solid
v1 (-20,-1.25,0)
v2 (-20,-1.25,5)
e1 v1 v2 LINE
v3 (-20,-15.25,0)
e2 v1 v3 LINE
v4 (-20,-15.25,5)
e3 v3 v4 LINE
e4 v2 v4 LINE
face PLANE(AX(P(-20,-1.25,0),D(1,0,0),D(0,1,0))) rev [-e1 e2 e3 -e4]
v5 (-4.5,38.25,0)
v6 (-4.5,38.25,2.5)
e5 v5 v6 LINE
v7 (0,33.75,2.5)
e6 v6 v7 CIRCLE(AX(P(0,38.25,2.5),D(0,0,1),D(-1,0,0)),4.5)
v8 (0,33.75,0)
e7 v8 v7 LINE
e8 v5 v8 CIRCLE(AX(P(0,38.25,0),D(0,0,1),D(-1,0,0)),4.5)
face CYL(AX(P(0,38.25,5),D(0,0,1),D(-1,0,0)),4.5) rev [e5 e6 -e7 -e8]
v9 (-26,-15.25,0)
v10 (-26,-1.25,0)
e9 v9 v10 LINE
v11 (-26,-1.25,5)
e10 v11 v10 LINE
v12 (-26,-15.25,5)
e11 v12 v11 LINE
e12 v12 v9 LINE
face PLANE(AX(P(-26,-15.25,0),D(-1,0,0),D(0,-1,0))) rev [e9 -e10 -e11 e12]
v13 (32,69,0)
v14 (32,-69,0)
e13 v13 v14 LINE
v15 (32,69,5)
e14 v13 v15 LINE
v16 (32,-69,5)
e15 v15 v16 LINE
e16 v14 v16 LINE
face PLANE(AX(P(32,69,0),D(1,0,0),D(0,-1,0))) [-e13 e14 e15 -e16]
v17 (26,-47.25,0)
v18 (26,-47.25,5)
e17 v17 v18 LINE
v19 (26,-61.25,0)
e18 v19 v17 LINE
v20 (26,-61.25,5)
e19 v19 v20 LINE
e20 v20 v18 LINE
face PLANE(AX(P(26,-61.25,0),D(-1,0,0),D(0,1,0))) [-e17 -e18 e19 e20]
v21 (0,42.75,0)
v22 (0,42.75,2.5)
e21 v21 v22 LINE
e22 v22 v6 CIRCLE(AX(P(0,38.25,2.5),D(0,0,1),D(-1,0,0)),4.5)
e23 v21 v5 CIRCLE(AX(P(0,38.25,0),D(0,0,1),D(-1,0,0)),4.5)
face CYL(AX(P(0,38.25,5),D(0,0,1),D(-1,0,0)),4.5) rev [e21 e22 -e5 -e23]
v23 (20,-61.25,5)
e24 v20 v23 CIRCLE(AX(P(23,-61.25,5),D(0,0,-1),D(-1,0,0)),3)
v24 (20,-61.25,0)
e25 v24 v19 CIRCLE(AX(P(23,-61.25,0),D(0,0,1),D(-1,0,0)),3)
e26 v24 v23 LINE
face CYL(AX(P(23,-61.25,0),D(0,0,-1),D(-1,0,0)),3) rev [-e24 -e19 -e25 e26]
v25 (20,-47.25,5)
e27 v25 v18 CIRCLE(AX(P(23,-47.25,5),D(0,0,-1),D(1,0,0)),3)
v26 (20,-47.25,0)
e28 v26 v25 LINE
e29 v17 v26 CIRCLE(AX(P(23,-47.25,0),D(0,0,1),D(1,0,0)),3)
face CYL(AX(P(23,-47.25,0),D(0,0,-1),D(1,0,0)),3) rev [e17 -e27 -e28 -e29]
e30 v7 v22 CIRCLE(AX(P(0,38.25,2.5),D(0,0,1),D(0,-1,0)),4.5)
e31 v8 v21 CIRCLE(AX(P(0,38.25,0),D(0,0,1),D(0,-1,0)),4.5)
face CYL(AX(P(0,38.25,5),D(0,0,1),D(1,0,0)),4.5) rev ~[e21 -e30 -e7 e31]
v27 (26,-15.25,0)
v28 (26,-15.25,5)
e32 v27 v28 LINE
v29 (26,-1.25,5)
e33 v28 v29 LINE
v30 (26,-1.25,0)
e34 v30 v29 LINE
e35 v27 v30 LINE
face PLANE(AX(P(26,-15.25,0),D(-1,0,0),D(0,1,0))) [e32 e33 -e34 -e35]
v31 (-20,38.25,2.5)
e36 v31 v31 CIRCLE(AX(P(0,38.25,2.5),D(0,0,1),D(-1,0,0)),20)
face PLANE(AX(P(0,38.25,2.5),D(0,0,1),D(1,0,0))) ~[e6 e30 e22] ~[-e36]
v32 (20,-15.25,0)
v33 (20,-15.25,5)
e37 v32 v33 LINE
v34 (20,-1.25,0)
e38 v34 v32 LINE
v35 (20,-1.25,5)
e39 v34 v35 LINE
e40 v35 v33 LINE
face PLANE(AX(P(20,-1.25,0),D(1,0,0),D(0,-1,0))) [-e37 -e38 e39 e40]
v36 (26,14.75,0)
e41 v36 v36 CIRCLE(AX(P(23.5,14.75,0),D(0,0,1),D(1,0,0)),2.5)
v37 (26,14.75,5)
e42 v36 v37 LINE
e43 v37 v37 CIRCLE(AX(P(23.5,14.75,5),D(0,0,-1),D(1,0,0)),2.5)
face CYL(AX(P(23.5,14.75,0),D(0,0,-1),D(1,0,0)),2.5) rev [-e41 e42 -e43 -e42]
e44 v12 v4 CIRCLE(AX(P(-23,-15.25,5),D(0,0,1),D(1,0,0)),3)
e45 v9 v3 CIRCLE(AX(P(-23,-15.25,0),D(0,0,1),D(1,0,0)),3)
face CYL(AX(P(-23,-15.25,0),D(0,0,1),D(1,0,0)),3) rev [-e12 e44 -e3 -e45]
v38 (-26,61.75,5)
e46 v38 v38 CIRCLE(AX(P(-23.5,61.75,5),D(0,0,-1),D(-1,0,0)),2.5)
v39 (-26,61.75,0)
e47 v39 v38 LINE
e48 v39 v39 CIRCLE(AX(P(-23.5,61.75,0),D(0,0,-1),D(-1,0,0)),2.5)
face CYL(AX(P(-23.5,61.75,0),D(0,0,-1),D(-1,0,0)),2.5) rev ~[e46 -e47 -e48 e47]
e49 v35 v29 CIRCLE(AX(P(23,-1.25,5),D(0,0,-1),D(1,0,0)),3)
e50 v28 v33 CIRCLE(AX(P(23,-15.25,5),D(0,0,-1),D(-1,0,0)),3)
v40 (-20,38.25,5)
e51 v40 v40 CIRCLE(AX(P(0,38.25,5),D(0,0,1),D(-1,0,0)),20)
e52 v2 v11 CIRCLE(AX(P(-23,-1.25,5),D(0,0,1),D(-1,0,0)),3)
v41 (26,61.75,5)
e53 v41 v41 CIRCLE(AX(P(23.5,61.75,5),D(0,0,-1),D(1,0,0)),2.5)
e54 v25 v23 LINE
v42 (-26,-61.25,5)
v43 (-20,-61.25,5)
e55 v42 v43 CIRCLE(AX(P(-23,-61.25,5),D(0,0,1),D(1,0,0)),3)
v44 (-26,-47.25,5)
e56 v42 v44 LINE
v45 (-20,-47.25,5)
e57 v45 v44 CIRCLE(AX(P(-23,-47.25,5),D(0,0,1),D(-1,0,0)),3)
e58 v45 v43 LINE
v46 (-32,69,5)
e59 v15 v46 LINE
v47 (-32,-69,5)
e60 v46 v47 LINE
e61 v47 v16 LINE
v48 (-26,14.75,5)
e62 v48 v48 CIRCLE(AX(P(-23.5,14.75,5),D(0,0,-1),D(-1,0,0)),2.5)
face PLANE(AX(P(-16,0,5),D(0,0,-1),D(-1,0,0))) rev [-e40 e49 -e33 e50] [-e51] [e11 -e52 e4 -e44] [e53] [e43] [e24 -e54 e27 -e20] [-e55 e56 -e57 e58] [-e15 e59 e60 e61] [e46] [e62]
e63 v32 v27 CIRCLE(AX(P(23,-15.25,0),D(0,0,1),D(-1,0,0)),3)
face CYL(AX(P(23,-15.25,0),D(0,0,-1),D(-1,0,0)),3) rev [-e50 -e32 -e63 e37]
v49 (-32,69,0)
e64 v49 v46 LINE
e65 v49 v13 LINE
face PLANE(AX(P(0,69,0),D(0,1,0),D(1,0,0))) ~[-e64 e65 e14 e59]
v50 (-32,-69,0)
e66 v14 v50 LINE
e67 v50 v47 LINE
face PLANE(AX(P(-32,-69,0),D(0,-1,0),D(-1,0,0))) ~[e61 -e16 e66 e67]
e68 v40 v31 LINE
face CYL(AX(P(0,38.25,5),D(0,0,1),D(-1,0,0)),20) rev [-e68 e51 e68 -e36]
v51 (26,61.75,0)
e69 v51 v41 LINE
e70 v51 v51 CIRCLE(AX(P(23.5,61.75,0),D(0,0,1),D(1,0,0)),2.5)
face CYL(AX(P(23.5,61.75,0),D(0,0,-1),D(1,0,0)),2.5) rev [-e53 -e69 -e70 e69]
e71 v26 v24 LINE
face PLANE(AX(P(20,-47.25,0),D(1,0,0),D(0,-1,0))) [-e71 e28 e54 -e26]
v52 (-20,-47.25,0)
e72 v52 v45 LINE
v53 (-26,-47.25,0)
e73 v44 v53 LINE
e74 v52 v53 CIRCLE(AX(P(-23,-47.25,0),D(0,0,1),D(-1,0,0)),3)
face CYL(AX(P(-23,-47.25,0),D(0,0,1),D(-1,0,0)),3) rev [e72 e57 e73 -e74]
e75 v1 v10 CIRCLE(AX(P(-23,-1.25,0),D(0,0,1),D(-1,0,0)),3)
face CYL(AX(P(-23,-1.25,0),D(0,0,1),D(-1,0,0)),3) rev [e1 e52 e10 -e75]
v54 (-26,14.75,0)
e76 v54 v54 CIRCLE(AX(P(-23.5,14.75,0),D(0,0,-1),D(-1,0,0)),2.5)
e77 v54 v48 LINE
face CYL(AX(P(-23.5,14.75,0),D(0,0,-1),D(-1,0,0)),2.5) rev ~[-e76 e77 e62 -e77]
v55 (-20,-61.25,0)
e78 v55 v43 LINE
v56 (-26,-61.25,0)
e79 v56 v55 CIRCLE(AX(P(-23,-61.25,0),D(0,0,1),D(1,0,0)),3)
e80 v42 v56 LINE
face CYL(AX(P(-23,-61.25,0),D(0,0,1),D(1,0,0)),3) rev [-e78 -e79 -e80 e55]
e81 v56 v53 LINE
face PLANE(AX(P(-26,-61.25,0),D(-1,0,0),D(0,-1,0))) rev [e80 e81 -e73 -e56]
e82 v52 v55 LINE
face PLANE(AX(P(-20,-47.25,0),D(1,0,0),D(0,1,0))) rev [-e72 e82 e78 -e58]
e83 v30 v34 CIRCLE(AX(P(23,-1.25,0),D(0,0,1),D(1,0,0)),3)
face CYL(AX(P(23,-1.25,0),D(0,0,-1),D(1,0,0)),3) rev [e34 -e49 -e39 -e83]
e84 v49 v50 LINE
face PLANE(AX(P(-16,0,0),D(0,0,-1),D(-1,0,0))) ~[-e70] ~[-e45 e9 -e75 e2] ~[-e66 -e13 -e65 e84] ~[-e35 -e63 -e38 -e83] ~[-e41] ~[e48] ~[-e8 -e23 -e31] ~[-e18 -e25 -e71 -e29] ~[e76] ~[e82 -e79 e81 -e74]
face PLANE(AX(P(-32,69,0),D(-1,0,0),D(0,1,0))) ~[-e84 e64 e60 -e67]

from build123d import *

# Parameters (mm, degrees)
PAD_DEPTH            = 5
SKETCH001_R          = 2.5
POCKET_DEPTH         = 288.500559
POCKET001_DEPTH      = 283.500559
POCKET001_DEPTH_BACK = 288.500559
SKETCH003_R          = 20
POCKET002_DEPTH      = 2.5
SKETCH004_R          = 4.5
POCKET003_DEPTH      = 288.500559
POCKET003_DEPTH_BACK = 283.500559


with BuildPart() as part:
    # Sketch → Pad (new body)
    with BuildSketch(Plane.XY):
        Polygon((0, 0), (0, 69), (32, 69), (32, -69), (0, -69), align=None)
    pad = extrude(amount=PAD_DEPTH)

    # Sketch001 → Pocket (cut, through all)
    with BuildSketch(Plane(origin=(23.5, 14.75, 0), x_dir=(1, 0, 0), z_dir=(0, 0, 1))):
        Circle(SKETCH001_R)
        with Locations((0, 47)):
            Circle(SKETCH001_R)
    pocket = extrude(amount=POCKET_DEPTH, mode=Mode.SUBTRACT)

    # Sketch002 → Pocket001 (cut, two sides)
    with BuildSketch(Plane(origin=(23, -1.25, 0), x_dir=(1, 0, 0), z_dir=(0, 0, 1))) as pocket001_sk:
        with BuildLine():
            ThreePointArc((3, 0), (0, 3), (-3, 0))
            Line((-3, 0), (-3, -14))
            ThreePointArc((-3, -14), (0, -17), (3, -14))
            Line((3, -14), (3, 0))
        make_face()
        with BuildLine():
            ThreePointArc((3, -46), (0, -43), (-3, -46))
            Line((-3, -46), (-3, -60))
            ThreePointArc((-3, -60), (0, -63), (3, -60))
            Line((3, -60), (3, -46))
        make_face()
    pocket001 = extrude(amount=-POCKET001_DEPTH, mode=Mode.SUBTRACT) + extrude(pocket001_sk.sketch, amount=POCKET001_DEPTH_BACK, mode=Mode.SUBTRACT)

    # Sketch003 → Pocket002 (cut)
    with BuildSketch(Plane(origin=(0, 38.25, 5), x_dir=(1, 0, 0), z_dir=(0, 0, 1))):
        Circle(SKETCH003_R)
    pocket002 = extrude(amount=-POCKET002_DEPTH, mode=Mode.SUBTRACT)

    # Sketch004 → Pocket003 (cut, two sides)
    with BuildSketch(Plane(origin=(0, 38.25, 5), x_dir=(1, 0, 0), z_dir=(0, 0, 1))) as pocket003_sk:
        Circle(SKETCH004_R)
    pocket003 = extrude(amount=-POCKET003_DEPTH, mode=Mode.SUBTRACT) + extrude(pocket003_sk.sketch, amount=POCKET003_DEPTH_BACK, mode=Mode.SUBTRACT)

    # Mirrored: Pad, Pocket, Pocket001, Pocket002, Pocket003 across Sketch V_Axis
    add(pad.mirror(Plane(origin=(0, 0, 0), x_dir=(0, 0, 1), z_dir=(1, 0, 0))))
    add(pocket.mirror(Plane(origin=(0, 0, 0), x_dir=(0, 0, 1), z_dir=(1, 0, 0))), mode=Mode.SUBTRACT)
    add(pocket001.mirror(Plane(origin=(0, 0, 0), x_dir=(0, 0, 1), z_dir=(1, 0, 0))), mode=Mode.SUBTRACT)
    add(pocket002.mirror(Plane(origin=(0, 0, 0), x_dir=(0, 0, 1), z_dir=(1, 0, 0))), mode=Mode.SUBTRACT)
    add(pocket003.mirror(Plane(origin=(0, 0, 0), x_dir=(0, 0, 1), z_dir=(1, 0, 0))), mode=Mode.SUBTRACT)


solid = part.part
